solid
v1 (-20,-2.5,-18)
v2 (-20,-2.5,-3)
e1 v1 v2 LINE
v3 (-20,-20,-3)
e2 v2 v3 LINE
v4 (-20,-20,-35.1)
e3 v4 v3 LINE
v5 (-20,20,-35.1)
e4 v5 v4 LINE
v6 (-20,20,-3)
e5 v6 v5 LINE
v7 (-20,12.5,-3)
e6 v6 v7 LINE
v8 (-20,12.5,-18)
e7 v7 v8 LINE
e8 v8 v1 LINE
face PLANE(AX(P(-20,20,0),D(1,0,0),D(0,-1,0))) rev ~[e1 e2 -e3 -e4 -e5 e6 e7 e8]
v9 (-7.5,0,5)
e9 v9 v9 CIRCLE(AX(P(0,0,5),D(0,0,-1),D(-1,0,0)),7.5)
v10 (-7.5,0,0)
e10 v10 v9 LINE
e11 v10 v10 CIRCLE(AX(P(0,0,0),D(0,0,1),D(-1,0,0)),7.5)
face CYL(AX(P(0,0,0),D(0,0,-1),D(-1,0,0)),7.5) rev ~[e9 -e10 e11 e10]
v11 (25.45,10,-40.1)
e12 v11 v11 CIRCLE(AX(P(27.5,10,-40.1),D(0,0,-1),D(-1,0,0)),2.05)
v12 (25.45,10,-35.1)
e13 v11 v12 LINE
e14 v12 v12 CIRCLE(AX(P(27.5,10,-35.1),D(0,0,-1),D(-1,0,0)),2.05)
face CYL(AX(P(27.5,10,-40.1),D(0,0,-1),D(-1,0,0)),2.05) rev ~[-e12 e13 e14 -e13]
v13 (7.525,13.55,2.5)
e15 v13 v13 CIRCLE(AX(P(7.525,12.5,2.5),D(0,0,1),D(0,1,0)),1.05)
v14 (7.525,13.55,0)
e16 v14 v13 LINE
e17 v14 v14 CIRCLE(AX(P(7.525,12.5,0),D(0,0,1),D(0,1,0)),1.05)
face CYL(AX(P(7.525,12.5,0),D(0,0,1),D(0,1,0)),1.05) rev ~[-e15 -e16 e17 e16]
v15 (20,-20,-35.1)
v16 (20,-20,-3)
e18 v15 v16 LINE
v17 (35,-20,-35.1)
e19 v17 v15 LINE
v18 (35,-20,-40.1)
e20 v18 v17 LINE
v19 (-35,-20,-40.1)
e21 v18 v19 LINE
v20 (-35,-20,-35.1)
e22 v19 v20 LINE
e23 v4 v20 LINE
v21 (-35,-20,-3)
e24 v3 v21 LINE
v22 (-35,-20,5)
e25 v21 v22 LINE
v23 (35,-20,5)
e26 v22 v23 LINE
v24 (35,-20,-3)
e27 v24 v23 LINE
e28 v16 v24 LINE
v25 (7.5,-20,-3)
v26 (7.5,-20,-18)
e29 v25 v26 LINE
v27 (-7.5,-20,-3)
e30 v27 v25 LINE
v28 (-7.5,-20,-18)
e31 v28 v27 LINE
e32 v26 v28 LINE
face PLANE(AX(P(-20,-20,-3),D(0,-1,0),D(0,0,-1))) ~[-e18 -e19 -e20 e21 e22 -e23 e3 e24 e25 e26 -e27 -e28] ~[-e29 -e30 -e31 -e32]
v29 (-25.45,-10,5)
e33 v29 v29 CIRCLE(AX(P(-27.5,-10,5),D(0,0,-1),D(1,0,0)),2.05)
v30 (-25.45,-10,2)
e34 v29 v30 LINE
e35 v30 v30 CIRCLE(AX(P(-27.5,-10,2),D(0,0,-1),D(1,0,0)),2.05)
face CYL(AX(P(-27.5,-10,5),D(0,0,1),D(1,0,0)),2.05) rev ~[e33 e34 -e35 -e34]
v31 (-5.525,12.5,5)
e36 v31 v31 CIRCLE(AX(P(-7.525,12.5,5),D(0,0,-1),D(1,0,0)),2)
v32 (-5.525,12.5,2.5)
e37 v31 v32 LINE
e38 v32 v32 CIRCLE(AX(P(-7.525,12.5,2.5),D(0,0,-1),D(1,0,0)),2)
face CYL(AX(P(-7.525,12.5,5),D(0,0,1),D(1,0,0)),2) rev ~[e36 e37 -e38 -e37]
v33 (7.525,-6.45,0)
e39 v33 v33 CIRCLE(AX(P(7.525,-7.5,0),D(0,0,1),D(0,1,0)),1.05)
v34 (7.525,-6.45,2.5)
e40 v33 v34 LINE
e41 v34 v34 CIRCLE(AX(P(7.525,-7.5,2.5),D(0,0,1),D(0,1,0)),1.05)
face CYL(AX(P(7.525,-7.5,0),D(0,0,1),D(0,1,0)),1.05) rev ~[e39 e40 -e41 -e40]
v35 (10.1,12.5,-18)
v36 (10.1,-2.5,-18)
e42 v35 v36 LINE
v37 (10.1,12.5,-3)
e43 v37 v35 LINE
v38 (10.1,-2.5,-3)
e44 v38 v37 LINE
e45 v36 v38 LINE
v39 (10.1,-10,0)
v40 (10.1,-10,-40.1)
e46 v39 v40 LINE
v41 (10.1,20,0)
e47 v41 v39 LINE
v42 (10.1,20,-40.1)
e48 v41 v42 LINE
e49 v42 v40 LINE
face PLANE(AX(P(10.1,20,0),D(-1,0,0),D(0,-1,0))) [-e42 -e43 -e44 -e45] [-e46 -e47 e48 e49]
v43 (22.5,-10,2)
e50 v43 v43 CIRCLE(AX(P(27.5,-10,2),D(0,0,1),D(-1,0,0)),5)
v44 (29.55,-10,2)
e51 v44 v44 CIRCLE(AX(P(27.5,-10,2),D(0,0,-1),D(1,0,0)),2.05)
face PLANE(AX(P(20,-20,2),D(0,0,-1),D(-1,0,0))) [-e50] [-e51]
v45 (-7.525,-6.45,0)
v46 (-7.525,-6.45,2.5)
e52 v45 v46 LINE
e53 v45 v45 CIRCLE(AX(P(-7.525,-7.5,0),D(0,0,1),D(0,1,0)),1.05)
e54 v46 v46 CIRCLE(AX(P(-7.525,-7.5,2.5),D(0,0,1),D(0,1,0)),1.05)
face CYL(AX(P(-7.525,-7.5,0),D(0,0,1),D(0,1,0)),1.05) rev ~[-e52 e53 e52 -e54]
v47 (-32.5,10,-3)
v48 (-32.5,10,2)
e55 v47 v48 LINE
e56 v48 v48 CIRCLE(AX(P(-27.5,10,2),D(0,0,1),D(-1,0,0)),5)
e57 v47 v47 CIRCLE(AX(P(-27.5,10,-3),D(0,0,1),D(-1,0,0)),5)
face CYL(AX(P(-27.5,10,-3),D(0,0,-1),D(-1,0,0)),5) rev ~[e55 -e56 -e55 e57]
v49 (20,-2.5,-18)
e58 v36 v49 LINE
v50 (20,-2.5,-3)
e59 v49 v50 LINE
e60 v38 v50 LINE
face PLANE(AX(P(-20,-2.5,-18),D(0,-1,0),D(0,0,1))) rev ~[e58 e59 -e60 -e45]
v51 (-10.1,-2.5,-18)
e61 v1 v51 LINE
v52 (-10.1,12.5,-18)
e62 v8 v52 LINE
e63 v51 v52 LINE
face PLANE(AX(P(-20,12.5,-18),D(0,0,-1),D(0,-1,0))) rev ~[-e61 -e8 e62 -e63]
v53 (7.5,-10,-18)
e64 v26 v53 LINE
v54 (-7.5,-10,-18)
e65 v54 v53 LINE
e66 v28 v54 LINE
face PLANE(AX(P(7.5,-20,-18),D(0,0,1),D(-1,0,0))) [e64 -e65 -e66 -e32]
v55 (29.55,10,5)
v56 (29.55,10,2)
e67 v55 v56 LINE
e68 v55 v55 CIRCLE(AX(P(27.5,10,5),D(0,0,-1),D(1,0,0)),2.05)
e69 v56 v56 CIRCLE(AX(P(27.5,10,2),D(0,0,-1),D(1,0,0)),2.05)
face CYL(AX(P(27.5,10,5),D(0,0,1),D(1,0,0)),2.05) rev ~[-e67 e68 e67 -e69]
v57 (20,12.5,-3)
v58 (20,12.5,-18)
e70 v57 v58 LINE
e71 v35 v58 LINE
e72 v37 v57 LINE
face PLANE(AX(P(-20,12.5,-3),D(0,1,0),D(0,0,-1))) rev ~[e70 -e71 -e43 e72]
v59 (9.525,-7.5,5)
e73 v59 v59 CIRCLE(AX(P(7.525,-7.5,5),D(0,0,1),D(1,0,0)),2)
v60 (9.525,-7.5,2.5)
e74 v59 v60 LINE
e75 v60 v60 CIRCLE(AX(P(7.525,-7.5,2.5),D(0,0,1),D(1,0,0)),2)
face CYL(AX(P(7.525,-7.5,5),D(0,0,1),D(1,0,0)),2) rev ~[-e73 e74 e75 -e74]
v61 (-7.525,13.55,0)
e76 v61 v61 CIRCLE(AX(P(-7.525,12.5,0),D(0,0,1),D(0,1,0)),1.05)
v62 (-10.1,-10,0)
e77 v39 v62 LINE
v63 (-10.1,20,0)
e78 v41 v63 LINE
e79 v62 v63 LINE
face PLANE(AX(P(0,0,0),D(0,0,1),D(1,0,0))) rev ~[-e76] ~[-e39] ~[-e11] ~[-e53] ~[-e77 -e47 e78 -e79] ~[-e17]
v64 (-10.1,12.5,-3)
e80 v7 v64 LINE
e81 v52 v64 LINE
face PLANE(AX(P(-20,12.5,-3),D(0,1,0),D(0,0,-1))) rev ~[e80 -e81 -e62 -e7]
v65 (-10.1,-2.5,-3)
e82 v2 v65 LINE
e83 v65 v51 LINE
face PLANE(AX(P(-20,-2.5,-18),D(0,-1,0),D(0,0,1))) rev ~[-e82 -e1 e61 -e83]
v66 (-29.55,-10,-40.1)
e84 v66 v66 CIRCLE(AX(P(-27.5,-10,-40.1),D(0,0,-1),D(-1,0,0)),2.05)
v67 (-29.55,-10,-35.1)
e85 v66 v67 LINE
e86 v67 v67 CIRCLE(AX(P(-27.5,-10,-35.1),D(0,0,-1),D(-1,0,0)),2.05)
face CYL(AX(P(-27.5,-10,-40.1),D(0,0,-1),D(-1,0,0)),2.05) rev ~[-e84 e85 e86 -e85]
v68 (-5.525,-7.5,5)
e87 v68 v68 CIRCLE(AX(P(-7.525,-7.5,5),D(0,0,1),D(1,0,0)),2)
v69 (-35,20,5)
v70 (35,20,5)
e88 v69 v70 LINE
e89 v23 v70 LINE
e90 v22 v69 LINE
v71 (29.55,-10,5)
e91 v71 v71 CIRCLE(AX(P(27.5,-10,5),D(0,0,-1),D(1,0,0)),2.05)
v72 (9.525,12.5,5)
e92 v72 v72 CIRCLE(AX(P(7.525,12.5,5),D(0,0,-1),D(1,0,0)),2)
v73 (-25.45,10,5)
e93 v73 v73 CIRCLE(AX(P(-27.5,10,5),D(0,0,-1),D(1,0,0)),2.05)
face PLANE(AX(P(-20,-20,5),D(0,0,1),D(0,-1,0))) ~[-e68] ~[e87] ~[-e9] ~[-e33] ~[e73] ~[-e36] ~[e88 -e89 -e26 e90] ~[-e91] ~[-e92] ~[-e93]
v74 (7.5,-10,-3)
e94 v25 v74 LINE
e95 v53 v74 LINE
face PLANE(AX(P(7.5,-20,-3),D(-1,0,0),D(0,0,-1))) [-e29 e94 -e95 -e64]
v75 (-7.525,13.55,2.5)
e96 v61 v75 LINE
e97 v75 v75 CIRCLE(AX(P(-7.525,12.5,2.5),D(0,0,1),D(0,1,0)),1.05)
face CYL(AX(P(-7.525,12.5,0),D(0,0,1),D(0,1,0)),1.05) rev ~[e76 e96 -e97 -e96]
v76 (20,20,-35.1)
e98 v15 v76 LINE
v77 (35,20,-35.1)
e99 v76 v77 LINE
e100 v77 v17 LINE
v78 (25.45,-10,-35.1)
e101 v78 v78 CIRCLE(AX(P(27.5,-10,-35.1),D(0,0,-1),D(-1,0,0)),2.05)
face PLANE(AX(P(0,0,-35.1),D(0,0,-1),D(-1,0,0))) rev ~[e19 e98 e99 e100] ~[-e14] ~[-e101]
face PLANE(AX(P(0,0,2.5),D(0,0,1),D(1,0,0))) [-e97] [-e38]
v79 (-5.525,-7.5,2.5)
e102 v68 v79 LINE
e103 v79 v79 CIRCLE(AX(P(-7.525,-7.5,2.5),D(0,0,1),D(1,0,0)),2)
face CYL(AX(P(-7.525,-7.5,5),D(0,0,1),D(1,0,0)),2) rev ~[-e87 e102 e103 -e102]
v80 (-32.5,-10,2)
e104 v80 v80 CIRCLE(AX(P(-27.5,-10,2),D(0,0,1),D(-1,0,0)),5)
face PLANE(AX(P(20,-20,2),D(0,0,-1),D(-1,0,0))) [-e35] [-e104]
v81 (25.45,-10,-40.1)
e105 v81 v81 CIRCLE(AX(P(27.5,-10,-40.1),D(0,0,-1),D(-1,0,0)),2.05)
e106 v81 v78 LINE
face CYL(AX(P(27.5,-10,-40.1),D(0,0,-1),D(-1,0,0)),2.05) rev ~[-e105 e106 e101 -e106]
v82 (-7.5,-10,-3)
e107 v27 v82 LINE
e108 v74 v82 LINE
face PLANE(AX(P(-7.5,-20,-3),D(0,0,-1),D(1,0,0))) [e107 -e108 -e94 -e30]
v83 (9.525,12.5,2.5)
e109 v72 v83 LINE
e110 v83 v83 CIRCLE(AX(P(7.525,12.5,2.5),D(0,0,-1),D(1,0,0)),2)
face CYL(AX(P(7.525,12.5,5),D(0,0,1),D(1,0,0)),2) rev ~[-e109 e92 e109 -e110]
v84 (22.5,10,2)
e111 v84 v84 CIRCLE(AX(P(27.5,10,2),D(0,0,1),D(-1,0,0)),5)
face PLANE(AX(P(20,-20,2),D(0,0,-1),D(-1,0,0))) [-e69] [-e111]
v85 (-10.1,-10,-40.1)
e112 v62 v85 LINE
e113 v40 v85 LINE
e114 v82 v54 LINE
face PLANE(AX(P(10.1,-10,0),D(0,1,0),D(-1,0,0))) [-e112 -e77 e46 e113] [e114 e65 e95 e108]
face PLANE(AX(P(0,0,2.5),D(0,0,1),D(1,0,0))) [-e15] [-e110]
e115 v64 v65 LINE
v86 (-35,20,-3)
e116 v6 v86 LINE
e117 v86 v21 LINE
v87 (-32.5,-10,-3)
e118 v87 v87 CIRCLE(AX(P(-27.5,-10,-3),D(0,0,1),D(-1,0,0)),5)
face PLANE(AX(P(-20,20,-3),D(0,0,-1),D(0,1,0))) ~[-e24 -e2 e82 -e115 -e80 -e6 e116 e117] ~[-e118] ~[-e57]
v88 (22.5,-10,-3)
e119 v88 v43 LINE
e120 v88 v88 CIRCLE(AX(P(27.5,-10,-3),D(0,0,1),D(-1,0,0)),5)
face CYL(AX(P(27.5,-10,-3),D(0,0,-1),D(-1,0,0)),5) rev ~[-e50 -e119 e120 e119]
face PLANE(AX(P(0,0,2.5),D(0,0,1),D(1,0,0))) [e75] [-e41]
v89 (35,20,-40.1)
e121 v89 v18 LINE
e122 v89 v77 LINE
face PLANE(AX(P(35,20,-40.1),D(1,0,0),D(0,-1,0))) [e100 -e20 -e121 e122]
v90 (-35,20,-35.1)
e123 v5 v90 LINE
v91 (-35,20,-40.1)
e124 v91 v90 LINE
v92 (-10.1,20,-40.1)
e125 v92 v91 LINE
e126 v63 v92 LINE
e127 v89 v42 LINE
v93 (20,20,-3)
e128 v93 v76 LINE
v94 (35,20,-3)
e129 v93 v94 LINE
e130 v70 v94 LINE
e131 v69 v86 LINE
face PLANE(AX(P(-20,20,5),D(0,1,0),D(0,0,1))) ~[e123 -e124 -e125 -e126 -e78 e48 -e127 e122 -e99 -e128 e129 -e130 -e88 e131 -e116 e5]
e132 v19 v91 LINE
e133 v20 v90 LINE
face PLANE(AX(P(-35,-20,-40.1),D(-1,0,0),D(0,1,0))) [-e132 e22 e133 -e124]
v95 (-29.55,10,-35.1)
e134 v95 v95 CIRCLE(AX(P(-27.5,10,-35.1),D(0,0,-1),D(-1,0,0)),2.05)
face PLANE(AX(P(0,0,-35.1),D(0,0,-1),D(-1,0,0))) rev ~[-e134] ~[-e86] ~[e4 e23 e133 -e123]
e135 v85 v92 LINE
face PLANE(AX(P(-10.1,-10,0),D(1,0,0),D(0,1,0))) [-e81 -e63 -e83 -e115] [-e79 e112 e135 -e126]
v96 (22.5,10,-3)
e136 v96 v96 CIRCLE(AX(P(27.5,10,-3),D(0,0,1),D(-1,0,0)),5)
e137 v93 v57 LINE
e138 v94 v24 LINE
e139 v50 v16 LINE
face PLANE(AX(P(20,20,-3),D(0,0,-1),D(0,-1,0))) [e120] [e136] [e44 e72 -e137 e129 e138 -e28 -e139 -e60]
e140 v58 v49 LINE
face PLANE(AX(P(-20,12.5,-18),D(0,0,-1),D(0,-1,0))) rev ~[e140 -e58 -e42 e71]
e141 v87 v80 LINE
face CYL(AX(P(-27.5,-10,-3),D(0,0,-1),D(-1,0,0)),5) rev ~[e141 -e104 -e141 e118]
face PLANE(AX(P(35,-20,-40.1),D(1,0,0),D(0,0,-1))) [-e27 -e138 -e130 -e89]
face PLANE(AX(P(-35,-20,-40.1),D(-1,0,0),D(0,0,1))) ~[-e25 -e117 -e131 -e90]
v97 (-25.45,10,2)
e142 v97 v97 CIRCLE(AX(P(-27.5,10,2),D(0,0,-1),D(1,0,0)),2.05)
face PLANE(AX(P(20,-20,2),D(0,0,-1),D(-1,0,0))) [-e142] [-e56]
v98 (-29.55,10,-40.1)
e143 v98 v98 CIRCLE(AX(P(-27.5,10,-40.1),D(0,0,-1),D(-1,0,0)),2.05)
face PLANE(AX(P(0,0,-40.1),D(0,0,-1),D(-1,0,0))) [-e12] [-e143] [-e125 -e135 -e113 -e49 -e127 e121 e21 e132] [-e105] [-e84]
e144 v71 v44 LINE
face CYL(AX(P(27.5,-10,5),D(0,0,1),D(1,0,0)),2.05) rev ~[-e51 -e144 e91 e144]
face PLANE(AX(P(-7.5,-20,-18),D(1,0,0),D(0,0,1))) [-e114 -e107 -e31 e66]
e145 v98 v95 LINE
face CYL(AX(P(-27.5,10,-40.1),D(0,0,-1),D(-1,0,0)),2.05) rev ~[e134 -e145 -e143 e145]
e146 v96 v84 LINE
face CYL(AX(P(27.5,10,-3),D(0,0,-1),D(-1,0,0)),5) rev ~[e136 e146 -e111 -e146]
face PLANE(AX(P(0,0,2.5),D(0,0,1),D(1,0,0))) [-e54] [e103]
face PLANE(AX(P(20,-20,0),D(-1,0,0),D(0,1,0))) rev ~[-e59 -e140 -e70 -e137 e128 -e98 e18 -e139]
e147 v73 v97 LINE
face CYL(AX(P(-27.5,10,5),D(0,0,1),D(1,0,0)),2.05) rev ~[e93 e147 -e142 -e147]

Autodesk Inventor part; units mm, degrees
ref_plane "YZ Plane" through (0, 0, 0) normal (1, 0, 0) x (0, 1, 0)
ref_plane "XZ Plane" through (0, 0, 0) normal (0, 1, 0) x (-1, 0, 0)
ref_plane "XY Plane" through (0, 0, 0) normal (0, 0, 1) x (1, 0, 0)
sketch "Sketch1" plane through (0, 0, 0) normal (0, 0, 1) x (1, 0, 0)
  line L0 (-20, -20) -> (20, -20)
  line L1 (20, -20) -> (20, 20)
  line L2 (20, 20) -> (-20, 20)
  line L3 (-20, 20) -> (-20, -20)
  line L4 (-20, -20) -> (20, 20) construction
  line L5 (20, -20) -> (-20, 20) construction
  point P0 (0, 0)
  dimension "d0" = 40
  dimension "d1" = 40
extrude "Extrusion1" add sketch "Sketch1" along normal blind 5
sketch "Sketch3" plane through (0, 0, 0) normal (0, 0, -1) x (-1, 0, 0)
  line L0 (-20, -20) -> (20, -20)
  line L1 (20, -20) -> (20, 20)
  line L2 (20, 20) -> (-20, 20)
  line L3 (-20, 20) -> (-20, -20)
  line L4 (-20, -20) -> (20, 20) construction
  line L5 (20, -20) -> (-20, 20) construction
  line L6 (-10.1, -10) -> (10.1, -10)
  line L7 (10.1, -10) -> (10.1, 20)
  line L8 (10.1, 20) -> (-10.1, 20)
  line L9 (-10.1, 20) -> (-10.1, -10)
  line L10 (-10.1, -10) -> (10.1, 20) construction
  line L11 (10.1, -10) -> (-10.1, 20) construction
  point P0 (0, 0)
  point P1 (0, 5)
  dimension "d8" = 40
  dimension "d9" = 40
  dimension "d10" = 20.2
  dimension "d11" = 30
  dimension "d55" = 20
extrude "Extrusion3" add sketch "Sketch3" along normal blind 40.1 contours L3 L2 L9 L6 L7 L1 L0
sketch "Sketch4" plane through (0, 0, 0) normal (0, 0, -1) x (-1, 0, 0)
  circle A0 centre (0, 0) radius 7.5
  dimension "d14" = 15
extrude "Extrusion4" cut sketch "Sketch4" against normal blind 6
sketch "Sketch6" plane through (20, -20, -40.1) normal (1, 0, 0) x (0, 0, -1)
  line L0 (-45.1, 40) -> (-37.1, 40)
  line L1 (-37.1, 40) -> (-37.1, 0)
  line L2 (-37.1, 0) -> (-45.1, 0)
  line L3 (-45.1, 0) -> (-45.1, 40)
  line L4 (-45.1, 40) -> (-37.1, 0) construction
  line L5 (-37.1, 40) -> (-45.1, 0) construction
  line L6 (0, 40) -> (-45.1, 40) projected
  line L7 (-45.1, 0) -> (0, 0) projected
  line L8 (-45.1, 0) -> (-45.1, 40) projected
  point P0 (-40.1, 20)
  point P1 (-41.1, 20)
  point P2 (-40.1, 40)
  point P3 (-45.1, 50)
  dimension "d19" = 8
extrude "Extrusion6" add sketch "Sketch6" along normal blind 15
mirror "Mirror1" about plane through (0, 0, 0) normal (1, 0, 0) of "Extrusion6"
sketch "Sketch7" plane through (0, 0, 5) normal (0, 0, 1) x (1, 0, 0)
  circle A0 centre (27.5, 10) radius 2.05
  circle A1 centre (27.5, -10) radius 2.05
  circle A2 centre (-27.5, -10) radius 2.05
  circle A3 centre (-27.5, 10) radius 2.05
  line L0 (35, 20) -> (35, -20) projected
  line L1 (-35, 20) -> (-35, -20) projected
  line L2 (35, -20) -> (-35, -20) projected
  line L3 (-35, 20) -> (35, 20) projected
  line L4 (-20, 20) -> (-35, 20) projected
  point P0 (0, 0)
  point P1 (20, 20)
  dimension "d22" = 4.1
  dimension "d23" = 4.1
  dimension "d24" = 4.1
  dimension "d25" = 4.1
  dimension "d26" = 7.5
  dimension "d27" = 7.5
  dimension "d28" = 7.5
  dimension "d29" = 7.5
  dimension "d30" = 10
  dimension "d31" = 10
  dimension "d32" = 10
  dimension "d33" = 10
extrude "Extrusion7" cut sketch "Sketch7" against normal blind 45.1 contours A0 | A1 | A2 | A3
sketch "Sketch9" plane through (20, -20, -3) normal (0, 0, -1) x (-1, 0, 0)
  circle A0 centre (-7.5, 30) radius 2.05 projected
  circle A1 centre (-7.5, 10) radius 2.05 projected
  circle A2 centre (47.5, 30) radius 2.05 projected
  circle A3 centre (47.5, 10) radius 2.05 projected
  circle A4 centre (-7.5, 30) radius 5
  circle A5 centre (-7.5, 10) radius 5
  circle A6 centre (47.5, 30) radius 5
  circle A7 centre (47.5, 10) radius 5
  point P0 (20, 20)
  dimension "d39" = 10
  dimension "d40" = 10
  dimension "d41" = 10
  dimension "d42" = 10
extrude "Extrusion8" cut sketch "Sketch9" against normal blind 5 contours A0 | A1 | A4 | A5 | A6 | A7
sketch "Sketch10" plane through (-20, -20, -40.1) normal (-1, 0, 0) x (0, 0, 1)
  line L0 (22.1, 17.5) -> (37.1, 17.5)
  line L1 (37.1, 17.5) -> (37.1, 32.5)
  line L2 (37.1, 32.5) -> (22.1, 32.5)
  line L3 (22.1, 32.5) -> (22.1, 17.5)
  line L4 (22.1, 17.5) -> (37.1, 32.5) construction
  line L5 (37.1, 17.5) -> (22.1, 32.5) construction
  line L6 (37.1, 0) -> (37.1, 40) projected
  line L7 (40.1, 10) -> (0, 10) projected
  point P0 (40.1, 20)
  point P1 (29.6, 25)
  dimension "d45" = 15
  dimension "d46" = 15
  dimension "d47" = 7.5
extrude "Extrusion9" cut sketch "Sketch10" against normal through all
sketch "Sketch11" plane through (-20, -20, -40.1) normal (0, -1, 0) x (1, 0, 0)
  line L0 (27.5, 22.1) -> (12.5, 22.1)
  line L1 (12.5, 22.1) -> (12.5, 37.1)
  line L2 (12.5, 37.1) -> (27.5, 37.1)
  line L3 (27.5, 37.1) -> (27.5, 22.1)
  line L4 (27.5, 22.1) -> (12.5, 37.1) construction
  line L5 (12.5, 22.1) -> (27.5, 37.1) construction
  line L6 (0, 37.1) -> (-15, 37.1) projected
  line L7 (0, 0) -> (0, 37.1) projected
  point P0 (20, 40.1)
  point P1 (20, 29.6)
  dimension "d50" = 15
  dimension "d51" = 15
  dimension "d52" = 20
extrude "Extrusion10" cut sketch "Sketch11" against normal through all
sketch "Sketch12" plane through (0, 0, 0) normal (0, 0, -1) x (-1, 0, 0)
  ellipse E0 centre (7.952, -7.882) end of major axis (8.818, -8.748) minor radius 1 (8.1756, -9) -> (9.07, -8.1056) ccw projected
  line L0 (-8.1756, -9) -> (8.1756, -9) projected
  ellipse E1 centre (-7.952, -7.882) end of major axis (-8.818, -8.748) minor radius 1 (-9.07, -8.1056) -> (-8.1756, -9) ccw projected
  line L1 (-9.07, 28.2056) -> (-9.07, -8.1056) projected
  ellipse E2 centre (-7.952, 27.982) end of major axis (-8.818, 28.848) minor radius 1 (-8.1756, 29.1) -> (-9.07, 28.2056) ccw projected
  line L2 (8.1756, 29.1) -> (-8.1756, 29.1) projected
  ellipse E3 centre (7.952, 27.982) end of major axis (8.818, 28.848) minor radius 1 (9.07, 28.2056) -> (8.1756, 29.1) ccw projected
  line L3 (9.07, -8.1056) -> (9.07, 28.2056) projected
  circle A0 centre (-7.525, 27.6) radius 0.7835 projected
  circle A1 centre (7.525, 27.6) radius 0.7835 projected
  circle A2 centre (-7.525, 12.5) radius 0.7835 projected
  circle A3 centre (7.525, 12.5) radius 0.7835 projected
  circle A4 centre (-7.525, -7.5) radius 0.7835 projected
  circle A5 centre (7.525, -7.5) radius 0.7835 projected
  circle A6 centre (0, 0) radius 6.4 projected
  point P0 (0, 0)
hole "Hole1" at (-7.525, -7.5, 0) at (-7.525, 12.5, 0) at (7.525, 12.5, 0) at (7.525, -7.5, 0) direction (0, 0, 1) diameter 2.1 end through all
sketch "Sketch13" plane through (0, 0, 5) normal (0, 0, 1) x (1, 0, 0)
  circle A0 centre (-7.525, 12.5) radius 1.05 projected
  circle A1 centre (7.525, 12.5) radius 1.05 projected
  circle A2 centre (-7.525, 12.5) radius 2
  circle A3 centre (7.525, 12.5) radius 2
  point P0 (0, 0)
  dimension "d63" = 4
  dimension "d64" = 4
extrude "Extrusion11" cut sketch "Sketch13" against normal blind 2.5 contours A0 | A1 | A2 | A3
mirror "Mirror2" about plane through (0, 0, 0) normal (1, 0, 0)
sketch "Sketch16" plane through (0, 0, -40.1) normal (0, 0, -1) x (-1, 0, 0)
  circle A0 centre (37.5, 12.5) radius 2.05
  line L0 (45, -20) -> (45, 20) projected
  line L1 (10.1, 20) -> (45, 20) projected
  circle A1 centre (37.5, -12.5) radius 2.05
  circle A2 centre (-37.5, 12.5) radius 2.05
  circle A3 centre (-37.5, -12.5) radius 2.05
  line L2 (45, -20) -> (-45, -20) projected
  line L3 (-45, -20) -> (-45, 20) projected
  line L4 (-10.1, 20) -> (-20, 20) projected
  point P0 (0, 0)
  dimension "d74" = 4.1
  dimension "d75" = 7.5
  dimension "d76" = 7.5
  dimension "d77" = 4.1
  dimension "d78" = 4.1
  dimension "d79" = 4.1
  dimension "d80" = 7.5
  dimension "d81" = 7.5
  dimension "d82" = 7.5
  dimension "d83" = 7.5
  dimension "d84" = 7.5
  dimension "d85" = 7.5
extrude "Extrusion14" cut sketch "Sketch16" against normal through all
sketch "Sketch18" plane through (0, 0, 5) normal (0, 0, 1) x (1, 0, 0)
  circle A0 centre (7.525, -7.5) radius 1.05 projected
  circle A1 centre (-7.525, -7.5) radius 1.05 projected
  circle A2 centre (7.525, -7.5) radius 2
  circle A3 centre (-7.525, -7.5) radius 2
  point P0 (0, 0)
  dimension "d94" = 4
  dimension "d95" = 4
extrude "Extrusion16" cut sketch "Sketch18" against normal blind 2.5
sketch "Sketch19" plane through (0, 0, -40.1) normal (0, 0, -1) x (-1, 0, 0)
  line L0 (20, 20) -> (20, -20)
  line L1 (20, -20) -> (35, -20)
  line L2 (35, -20) -> (35, 20)
  line L3 (-35, -20) -> (-20, -20)
  line L4 (-20, -20) -> (-20, 20)
  line L5 (-20, 20) -> (-35, 20)
  line L6 (-35, 20) -> (-35, -20)
  line L7 (-35, -20) -> (-20, 20) construction
  line L8 (-20, -20) -> (-35, 20) construction
  line L9 (20, 20) -> (35, 20)
  line L10 (20, -20) -> (20, 20) projected
  line L11 (20, 20) -> (35, 20) projected
  line L12 (35, -20) -> (35, 20) projected
  line L13 (20, -20) -> (35, -20) projected
  line L14 (-20, 20) -> (-20, -20) projected
  line L15 (-20, 20) -> (-35, 20) projected
  line L16 (-35, -20) -> (-35, 20) projected
  line L17 (-20, -20) -> (-35, -20) projected
  point P0 (0, 0)
  point P1 (-27.5, 0)
extrude "Extrusion17" add sketch "Sketch19" against normal blind 5
sketch "Sketch20" plane through (0, 0, -40.1) normal (0, 0, -1) x (-1, 0, 0)
  circle A0 centre (-27.5, 10) radius 2.05 projected
  circle A1 centre (-27.5, -10) radius 2.05 projected
  circle A2 centre (27.5, -10) radius 2.05 projected
  circle A3 centre (27.5, 10) radius 2.05 projected
  circle A4 centre (-27.5, 10) radius 2.05
  circle A5 centre (-27.5, -10) radius 2.05
  circle A6 centre (27.5, 10) radius 2.05
  circle A7 centre (27.5, -10) radius 2.05
  point P0 (0, 0)
extrude "Extrusion18" cut sketch "Sketch20" against normal blind 10
ref_plane "Work Plane1" through (0, 0, 0) normal (1, 0, 0) x (0, 1, 0)
properties part number "motor1_bracket" material "ABS Plastic"
